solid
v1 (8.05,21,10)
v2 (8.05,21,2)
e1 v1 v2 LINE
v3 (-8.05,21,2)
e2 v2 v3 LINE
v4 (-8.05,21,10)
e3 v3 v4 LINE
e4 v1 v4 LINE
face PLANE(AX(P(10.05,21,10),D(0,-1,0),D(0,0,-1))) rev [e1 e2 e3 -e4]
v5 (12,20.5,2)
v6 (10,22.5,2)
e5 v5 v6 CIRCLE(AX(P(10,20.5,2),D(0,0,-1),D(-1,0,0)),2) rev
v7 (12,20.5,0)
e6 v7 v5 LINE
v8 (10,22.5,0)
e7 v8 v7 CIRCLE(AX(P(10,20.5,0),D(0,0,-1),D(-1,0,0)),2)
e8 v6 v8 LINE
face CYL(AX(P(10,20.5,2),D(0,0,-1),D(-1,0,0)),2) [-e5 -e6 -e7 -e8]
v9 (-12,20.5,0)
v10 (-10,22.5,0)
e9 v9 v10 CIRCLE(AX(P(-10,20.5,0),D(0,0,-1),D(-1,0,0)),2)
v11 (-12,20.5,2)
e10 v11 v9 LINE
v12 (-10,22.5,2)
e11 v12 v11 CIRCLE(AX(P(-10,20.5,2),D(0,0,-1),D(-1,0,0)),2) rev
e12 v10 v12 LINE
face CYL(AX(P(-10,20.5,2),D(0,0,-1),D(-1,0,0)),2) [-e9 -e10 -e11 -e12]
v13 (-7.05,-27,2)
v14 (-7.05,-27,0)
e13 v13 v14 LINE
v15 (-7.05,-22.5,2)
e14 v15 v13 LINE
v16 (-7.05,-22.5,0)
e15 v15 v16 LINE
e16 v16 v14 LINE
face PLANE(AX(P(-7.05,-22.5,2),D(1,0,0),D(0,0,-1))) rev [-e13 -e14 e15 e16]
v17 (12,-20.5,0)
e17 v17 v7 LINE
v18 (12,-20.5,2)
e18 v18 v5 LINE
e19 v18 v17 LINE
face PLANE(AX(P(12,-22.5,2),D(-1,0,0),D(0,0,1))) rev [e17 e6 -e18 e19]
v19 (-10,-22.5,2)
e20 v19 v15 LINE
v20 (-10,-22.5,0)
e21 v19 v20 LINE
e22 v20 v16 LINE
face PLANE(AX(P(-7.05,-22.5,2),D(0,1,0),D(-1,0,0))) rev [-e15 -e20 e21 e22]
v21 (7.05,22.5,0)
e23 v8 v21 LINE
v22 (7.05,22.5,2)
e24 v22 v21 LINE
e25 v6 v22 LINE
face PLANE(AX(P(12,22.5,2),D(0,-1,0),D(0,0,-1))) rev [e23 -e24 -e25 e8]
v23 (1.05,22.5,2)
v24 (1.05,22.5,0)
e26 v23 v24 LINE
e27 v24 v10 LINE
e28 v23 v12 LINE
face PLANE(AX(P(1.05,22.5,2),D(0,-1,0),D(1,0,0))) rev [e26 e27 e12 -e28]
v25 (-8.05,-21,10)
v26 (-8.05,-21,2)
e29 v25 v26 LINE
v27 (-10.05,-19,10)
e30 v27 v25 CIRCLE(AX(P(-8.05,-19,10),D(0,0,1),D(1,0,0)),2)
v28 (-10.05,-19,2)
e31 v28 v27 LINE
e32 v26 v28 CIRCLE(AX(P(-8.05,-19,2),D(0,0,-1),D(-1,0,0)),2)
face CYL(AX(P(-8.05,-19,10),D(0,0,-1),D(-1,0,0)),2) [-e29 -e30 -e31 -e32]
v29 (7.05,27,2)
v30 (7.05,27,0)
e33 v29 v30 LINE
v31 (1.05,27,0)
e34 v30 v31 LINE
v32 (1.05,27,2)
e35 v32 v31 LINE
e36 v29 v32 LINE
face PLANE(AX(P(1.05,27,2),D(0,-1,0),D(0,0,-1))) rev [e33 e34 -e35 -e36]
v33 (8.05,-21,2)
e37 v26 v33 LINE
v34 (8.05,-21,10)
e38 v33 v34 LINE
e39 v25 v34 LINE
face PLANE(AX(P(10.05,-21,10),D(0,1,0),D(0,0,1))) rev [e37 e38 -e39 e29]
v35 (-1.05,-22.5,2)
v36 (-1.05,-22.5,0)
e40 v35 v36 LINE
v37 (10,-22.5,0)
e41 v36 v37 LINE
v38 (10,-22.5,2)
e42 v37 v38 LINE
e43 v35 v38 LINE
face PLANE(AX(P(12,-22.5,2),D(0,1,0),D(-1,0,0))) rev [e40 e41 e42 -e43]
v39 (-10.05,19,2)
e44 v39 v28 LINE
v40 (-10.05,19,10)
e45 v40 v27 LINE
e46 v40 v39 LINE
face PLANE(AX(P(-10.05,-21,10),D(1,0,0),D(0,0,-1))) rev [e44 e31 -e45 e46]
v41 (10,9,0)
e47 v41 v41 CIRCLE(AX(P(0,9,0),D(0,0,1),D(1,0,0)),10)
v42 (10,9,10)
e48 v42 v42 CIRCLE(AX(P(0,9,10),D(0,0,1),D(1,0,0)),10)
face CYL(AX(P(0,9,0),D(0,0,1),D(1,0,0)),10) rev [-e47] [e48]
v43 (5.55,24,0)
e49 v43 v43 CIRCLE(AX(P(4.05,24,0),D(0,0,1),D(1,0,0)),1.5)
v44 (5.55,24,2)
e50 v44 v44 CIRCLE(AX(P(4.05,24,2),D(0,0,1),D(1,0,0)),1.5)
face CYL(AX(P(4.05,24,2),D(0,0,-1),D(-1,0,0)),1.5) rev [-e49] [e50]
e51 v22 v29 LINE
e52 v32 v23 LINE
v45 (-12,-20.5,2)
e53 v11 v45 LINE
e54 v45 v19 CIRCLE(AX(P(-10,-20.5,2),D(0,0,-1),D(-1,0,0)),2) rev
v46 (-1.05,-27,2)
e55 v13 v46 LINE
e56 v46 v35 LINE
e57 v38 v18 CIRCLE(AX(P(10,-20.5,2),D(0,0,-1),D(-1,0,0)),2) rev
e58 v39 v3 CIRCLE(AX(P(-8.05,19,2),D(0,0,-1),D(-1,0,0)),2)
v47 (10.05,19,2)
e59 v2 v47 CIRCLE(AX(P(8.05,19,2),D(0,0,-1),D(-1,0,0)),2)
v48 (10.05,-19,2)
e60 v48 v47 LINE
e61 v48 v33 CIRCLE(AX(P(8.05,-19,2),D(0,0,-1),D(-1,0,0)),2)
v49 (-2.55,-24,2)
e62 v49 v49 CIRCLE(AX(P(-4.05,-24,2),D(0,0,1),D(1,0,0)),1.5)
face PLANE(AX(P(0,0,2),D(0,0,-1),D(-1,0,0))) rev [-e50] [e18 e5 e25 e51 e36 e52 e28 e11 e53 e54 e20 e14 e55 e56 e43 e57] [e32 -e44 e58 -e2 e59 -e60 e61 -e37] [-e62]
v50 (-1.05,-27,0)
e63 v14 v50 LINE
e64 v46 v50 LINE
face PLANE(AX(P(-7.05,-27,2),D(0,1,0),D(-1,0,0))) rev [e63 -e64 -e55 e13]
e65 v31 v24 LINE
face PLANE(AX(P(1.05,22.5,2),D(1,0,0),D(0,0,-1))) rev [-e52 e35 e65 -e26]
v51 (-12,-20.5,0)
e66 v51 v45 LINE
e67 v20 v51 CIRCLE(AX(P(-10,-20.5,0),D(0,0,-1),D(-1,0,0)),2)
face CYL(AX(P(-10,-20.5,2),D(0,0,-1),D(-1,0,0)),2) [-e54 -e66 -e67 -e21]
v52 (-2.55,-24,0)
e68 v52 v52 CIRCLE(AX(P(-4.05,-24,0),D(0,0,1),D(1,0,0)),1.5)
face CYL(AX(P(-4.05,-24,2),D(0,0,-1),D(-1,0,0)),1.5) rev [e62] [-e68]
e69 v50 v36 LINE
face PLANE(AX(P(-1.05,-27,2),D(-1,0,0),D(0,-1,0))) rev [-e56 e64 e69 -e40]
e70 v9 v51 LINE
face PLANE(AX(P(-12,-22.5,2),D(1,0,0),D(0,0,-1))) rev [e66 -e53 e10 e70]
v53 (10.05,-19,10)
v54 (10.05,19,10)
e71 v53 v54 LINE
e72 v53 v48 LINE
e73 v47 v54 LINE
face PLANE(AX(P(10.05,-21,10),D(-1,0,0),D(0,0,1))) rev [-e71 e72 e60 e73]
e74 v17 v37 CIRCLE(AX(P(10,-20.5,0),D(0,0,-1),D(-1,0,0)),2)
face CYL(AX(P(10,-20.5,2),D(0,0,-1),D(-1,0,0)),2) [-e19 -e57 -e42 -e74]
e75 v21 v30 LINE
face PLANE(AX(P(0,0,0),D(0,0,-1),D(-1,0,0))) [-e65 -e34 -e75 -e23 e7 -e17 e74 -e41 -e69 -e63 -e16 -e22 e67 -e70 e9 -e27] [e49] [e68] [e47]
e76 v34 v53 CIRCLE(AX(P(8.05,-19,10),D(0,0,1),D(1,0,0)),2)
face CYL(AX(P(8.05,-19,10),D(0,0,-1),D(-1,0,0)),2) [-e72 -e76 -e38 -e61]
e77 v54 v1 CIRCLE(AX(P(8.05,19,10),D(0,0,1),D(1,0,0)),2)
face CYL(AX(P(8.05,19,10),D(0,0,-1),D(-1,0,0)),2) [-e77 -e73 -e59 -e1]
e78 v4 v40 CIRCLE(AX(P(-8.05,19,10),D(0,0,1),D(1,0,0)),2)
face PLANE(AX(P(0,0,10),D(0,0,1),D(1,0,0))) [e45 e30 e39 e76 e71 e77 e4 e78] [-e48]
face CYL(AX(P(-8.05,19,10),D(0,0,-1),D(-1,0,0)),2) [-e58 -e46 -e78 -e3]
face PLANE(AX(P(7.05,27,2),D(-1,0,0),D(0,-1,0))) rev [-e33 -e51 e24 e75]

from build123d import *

# Parameters (mm, degrees)
SKETCH1_R           = 1.5
BOSS_EXTRUDE1_DEPTH = 2
FILLET1_R           = 2
SKETCH3_W           = 20.1
SKETCH3_H           = 42
BOSS_EXTRUDE2_DEPTH = 8
FILLET2_R           = 2
SKETCH5_R           = 10
CUT_EXTRUDE3_DEPTH  = 11


with BuildPart() as part:
    # Sketch1 → Boss-Extrude1 (new body)
    with BuildSketch(Plane.XY):
        Polygon((1.05, 22.5), (1.05, 27), (7.05, 27), (7.05, 22.5), (12, 22.5), (12, -22.5), (-1.05, -22.5), (-1.05, -27), (-7.05, -27), (-7.05, -22.5), (-12, -22.5), (-12, 22.5), align=None)
        with Locations((4.05, 24)):
            Circle(SKETCH1_R, mode=Mode.SUBTRACT)
        with Locations((-4.05, -24)):
            Circle(SKETCH1_R, mode=Mode.SUBTRACT)
    extrude(amount=BOSS_EXTRUDE1_DEPTH)

    # Fillet1
    fillet1_edges = [part.edges().sort_by_distance(p)[0] for p in [
        (12, 22.5, 1),
        (12, -22.5, 1),
        (-12, -22.5, 1),
        (-12, 22.5, 1),
    ]]
    fillet(fillet1_edges, radius=FILLET1_R)

    # Sketch3 → Boss-Extrude2 (add)
    with BuildSketch(Plane.XY.offset(2)):
        Rectangle(SKETCH3_W, SKETCH3_H)
    extrude(amount=BOSS_EXTRUDE2_DEPTH)

    # Fillet2
    fillet2_edges = [part.edges().sort_by_distance(p)[0] for p in [
        (-10.05, 21, 6),
        (-10.05, -21, 6),
        (10.05, -21, 6),
        (10.05, 21, 6),
    ]]
    fillet(fillet2_edges, radius=FILLET2_R)

    # Sketch5 → Cut-Extrude3 (cut, through all)
    with BuildSketch(Plane.XY.offset(10)):
        with Locations((0, 9)):
            Circle(SKETCH5_R)
    extrude(amount=-CUT_EXTRUDE3_DEPTH, mode=Mode.SUBTRACT)


solid = part.part
